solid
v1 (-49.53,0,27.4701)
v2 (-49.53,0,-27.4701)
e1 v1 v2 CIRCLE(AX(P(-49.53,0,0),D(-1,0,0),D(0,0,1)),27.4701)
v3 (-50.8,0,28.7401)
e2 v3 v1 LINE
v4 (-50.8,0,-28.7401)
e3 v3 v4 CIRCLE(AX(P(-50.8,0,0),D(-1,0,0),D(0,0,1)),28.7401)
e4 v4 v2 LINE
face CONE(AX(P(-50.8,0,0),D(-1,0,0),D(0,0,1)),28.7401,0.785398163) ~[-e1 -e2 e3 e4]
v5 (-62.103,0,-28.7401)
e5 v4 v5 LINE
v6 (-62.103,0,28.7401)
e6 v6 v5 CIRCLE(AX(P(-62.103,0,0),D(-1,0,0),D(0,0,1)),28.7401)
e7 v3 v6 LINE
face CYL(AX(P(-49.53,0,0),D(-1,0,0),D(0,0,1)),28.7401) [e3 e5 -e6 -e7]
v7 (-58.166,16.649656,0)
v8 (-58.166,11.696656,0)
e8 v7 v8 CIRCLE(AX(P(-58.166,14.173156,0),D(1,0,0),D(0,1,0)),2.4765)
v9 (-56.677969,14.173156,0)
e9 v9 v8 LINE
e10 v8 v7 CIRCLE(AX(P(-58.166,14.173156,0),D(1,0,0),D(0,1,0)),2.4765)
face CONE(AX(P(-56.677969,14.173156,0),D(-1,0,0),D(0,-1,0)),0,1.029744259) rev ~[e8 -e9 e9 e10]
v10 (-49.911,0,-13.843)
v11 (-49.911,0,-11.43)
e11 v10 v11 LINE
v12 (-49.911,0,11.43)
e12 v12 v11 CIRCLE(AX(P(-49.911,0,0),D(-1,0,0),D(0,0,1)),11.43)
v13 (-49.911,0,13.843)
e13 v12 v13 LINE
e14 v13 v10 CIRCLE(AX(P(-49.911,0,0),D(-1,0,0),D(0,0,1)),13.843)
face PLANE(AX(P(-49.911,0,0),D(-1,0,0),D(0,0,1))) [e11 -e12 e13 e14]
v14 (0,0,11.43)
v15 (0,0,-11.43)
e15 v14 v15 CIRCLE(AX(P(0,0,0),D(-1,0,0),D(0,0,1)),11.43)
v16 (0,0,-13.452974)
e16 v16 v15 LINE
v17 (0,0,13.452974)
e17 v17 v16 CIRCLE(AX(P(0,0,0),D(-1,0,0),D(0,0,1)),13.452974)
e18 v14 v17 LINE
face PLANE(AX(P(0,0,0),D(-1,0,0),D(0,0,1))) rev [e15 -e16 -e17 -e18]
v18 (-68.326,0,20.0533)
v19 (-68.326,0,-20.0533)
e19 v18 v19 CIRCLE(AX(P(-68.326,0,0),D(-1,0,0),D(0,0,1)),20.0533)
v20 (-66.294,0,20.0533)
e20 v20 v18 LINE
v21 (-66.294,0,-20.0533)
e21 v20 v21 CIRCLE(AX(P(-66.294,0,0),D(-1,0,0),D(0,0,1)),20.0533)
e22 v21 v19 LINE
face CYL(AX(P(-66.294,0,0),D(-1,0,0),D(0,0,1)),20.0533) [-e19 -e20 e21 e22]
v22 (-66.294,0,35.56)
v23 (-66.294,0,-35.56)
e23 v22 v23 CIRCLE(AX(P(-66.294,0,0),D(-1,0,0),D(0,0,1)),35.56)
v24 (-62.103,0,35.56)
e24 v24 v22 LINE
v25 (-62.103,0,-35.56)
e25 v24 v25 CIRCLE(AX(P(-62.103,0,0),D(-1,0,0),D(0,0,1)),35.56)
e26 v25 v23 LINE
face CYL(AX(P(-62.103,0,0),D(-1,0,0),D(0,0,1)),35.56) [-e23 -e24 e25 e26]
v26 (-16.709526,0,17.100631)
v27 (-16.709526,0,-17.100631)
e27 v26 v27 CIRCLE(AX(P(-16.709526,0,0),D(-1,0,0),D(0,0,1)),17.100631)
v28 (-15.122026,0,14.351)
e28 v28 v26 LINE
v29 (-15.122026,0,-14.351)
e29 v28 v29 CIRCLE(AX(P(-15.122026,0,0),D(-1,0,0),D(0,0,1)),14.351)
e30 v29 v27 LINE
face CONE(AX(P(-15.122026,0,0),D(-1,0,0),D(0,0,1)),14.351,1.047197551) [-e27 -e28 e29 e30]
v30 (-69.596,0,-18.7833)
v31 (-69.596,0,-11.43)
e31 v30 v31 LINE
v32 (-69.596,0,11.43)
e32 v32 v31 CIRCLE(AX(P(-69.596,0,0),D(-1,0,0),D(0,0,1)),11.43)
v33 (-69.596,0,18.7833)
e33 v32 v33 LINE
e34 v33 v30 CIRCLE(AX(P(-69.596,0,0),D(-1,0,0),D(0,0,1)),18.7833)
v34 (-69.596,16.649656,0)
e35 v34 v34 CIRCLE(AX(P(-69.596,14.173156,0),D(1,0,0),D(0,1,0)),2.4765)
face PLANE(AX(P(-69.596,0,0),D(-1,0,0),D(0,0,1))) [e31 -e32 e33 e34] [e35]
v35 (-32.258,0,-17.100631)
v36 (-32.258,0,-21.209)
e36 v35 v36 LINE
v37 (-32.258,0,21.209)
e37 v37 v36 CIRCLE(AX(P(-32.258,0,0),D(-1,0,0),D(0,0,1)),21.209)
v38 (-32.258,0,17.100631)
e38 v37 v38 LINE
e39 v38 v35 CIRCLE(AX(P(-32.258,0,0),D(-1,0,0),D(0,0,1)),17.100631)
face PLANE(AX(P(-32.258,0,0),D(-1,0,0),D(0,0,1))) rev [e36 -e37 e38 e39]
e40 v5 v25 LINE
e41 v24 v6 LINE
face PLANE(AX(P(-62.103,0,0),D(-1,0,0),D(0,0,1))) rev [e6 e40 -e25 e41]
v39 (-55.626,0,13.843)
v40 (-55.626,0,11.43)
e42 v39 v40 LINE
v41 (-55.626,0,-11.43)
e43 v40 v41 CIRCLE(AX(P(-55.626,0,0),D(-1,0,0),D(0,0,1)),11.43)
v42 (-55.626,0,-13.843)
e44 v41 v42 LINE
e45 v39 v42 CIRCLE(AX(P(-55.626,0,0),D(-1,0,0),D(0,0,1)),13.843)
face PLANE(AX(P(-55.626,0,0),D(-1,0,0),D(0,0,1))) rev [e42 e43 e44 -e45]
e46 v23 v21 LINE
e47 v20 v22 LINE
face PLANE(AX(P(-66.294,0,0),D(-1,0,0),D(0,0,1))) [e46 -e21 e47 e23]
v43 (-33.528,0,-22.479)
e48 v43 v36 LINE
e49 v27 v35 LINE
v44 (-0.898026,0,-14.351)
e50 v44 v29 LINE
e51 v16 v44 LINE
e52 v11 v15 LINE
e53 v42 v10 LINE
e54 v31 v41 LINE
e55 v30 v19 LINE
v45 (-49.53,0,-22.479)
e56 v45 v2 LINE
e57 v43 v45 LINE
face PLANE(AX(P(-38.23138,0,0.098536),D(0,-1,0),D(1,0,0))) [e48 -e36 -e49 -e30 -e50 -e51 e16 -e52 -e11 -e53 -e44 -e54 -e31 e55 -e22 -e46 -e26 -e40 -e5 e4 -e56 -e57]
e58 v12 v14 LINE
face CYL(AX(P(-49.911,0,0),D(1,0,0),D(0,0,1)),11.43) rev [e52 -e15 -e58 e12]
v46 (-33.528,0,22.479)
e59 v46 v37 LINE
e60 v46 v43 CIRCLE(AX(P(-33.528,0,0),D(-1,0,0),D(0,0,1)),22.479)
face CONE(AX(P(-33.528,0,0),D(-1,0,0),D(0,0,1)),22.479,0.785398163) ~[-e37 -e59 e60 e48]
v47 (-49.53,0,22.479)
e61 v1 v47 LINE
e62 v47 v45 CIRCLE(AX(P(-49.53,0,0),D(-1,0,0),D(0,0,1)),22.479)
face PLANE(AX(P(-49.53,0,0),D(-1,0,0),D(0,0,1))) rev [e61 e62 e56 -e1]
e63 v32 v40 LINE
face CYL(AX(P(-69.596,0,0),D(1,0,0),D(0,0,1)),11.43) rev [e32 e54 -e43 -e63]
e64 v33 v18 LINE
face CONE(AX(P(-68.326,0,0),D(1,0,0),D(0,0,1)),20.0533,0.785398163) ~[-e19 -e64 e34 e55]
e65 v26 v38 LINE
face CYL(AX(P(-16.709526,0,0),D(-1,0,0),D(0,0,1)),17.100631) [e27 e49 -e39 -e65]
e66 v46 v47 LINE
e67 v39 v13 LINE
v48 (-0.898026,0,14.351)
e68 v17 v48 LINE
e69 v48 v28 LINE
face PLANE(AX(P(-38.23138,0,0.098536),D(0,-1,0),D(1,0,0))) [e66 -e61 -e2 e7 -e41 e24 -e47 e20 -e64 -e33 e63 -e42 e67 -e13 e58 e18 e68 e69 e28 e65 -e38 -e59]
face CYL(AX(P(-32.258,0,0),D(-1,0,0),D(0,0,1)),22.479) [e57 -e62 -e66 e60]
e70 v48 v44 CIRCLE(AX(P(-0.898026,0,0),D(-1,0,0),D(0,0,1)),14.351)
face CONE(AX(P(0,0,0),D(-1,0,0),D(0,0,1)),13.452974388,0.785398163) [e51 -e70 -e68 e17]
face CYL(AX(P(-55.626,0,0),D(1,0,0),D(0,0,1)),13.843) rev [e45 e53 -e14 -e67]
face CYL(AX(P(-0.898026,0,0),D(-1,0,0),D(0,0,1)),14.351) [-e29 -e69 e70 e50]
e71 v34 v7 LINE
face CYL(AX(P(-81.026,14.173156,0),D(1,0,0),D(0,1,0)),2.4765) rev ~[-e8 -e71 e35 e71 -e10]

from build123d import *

# Parameters (mm, degrees)
F2_W     = 76.4627605677
F2_H     = 78.6305181682
F3_DEPTH = 35.561
F4_SIZE  = 1.27
F6_D     = 4.953
F6_DEPTH = 11.43
F6_TIP   = 1.488031323


with BuildPart() as f1:
    # F0 (on Front) → F1 (revolve)
    with BuildSketch(Plane.XZ):
        Polygon((-49.911, 11.43), (0, 11.43), (0, 13.4529743879), (-0.8980256121, 14.351), (-15.1220256121, 14.351), (-16.7095256121, 17.100630657), (-32.258, 17.100630657), (-32.258, 22.479), (-49.53, 22.479), (-49.53, 28.7401), (-62.103, 28.7401), (-62.103, 35.56), (-66.294, 35.56), (-66.294, 20.0533), (-69.596, 20.0533), (-69.596, 11.43), (-55.626, 11.43), (-55.626, 13.843), (-49.911, 13.843), align=None)
    revolve(axis=Axis((-34.5281772316, 0, 0), (-1, 0, 0)))

    # F2 (on Front) → F3 (cut, through all)
    with BuildSketch(Plane.XZ):
        with Locations((-38.2313802838, 0.098535791)):
            Rectangle(F2_W, F2_H)
    extrude(amount=F3_DEPTH, mode=Mode.SUBTRACT)

    # F4
    f4_edges = [f1.edges().sort_by_distance(p)[0] for p in [
        (-69.596, 20.0533, 0),
        (-49.53, 28.7401, 0),
        (-32.258, 22.479, 0),
    ]]
    chamfer(f4_edges, length=F4_SIZE)

    # F6
    with Locations(Plane(origin=(-69.596, 0, 0), x_dir=(0, -1, 0), z_dir=(-1, 0, 0))):
        with Locations((-14.1731563031, 0)):
            Hole(F6_D / 2, depth=F6_DEPTH)
            with Locations((0, 0, -(F6_DEPTH + F6_TIP / 2))):  # 118° drill point
                Cone(0, F6_D / 2, F6_TIP, mode=Mode.SUBTRACT)


solid = f1.part
